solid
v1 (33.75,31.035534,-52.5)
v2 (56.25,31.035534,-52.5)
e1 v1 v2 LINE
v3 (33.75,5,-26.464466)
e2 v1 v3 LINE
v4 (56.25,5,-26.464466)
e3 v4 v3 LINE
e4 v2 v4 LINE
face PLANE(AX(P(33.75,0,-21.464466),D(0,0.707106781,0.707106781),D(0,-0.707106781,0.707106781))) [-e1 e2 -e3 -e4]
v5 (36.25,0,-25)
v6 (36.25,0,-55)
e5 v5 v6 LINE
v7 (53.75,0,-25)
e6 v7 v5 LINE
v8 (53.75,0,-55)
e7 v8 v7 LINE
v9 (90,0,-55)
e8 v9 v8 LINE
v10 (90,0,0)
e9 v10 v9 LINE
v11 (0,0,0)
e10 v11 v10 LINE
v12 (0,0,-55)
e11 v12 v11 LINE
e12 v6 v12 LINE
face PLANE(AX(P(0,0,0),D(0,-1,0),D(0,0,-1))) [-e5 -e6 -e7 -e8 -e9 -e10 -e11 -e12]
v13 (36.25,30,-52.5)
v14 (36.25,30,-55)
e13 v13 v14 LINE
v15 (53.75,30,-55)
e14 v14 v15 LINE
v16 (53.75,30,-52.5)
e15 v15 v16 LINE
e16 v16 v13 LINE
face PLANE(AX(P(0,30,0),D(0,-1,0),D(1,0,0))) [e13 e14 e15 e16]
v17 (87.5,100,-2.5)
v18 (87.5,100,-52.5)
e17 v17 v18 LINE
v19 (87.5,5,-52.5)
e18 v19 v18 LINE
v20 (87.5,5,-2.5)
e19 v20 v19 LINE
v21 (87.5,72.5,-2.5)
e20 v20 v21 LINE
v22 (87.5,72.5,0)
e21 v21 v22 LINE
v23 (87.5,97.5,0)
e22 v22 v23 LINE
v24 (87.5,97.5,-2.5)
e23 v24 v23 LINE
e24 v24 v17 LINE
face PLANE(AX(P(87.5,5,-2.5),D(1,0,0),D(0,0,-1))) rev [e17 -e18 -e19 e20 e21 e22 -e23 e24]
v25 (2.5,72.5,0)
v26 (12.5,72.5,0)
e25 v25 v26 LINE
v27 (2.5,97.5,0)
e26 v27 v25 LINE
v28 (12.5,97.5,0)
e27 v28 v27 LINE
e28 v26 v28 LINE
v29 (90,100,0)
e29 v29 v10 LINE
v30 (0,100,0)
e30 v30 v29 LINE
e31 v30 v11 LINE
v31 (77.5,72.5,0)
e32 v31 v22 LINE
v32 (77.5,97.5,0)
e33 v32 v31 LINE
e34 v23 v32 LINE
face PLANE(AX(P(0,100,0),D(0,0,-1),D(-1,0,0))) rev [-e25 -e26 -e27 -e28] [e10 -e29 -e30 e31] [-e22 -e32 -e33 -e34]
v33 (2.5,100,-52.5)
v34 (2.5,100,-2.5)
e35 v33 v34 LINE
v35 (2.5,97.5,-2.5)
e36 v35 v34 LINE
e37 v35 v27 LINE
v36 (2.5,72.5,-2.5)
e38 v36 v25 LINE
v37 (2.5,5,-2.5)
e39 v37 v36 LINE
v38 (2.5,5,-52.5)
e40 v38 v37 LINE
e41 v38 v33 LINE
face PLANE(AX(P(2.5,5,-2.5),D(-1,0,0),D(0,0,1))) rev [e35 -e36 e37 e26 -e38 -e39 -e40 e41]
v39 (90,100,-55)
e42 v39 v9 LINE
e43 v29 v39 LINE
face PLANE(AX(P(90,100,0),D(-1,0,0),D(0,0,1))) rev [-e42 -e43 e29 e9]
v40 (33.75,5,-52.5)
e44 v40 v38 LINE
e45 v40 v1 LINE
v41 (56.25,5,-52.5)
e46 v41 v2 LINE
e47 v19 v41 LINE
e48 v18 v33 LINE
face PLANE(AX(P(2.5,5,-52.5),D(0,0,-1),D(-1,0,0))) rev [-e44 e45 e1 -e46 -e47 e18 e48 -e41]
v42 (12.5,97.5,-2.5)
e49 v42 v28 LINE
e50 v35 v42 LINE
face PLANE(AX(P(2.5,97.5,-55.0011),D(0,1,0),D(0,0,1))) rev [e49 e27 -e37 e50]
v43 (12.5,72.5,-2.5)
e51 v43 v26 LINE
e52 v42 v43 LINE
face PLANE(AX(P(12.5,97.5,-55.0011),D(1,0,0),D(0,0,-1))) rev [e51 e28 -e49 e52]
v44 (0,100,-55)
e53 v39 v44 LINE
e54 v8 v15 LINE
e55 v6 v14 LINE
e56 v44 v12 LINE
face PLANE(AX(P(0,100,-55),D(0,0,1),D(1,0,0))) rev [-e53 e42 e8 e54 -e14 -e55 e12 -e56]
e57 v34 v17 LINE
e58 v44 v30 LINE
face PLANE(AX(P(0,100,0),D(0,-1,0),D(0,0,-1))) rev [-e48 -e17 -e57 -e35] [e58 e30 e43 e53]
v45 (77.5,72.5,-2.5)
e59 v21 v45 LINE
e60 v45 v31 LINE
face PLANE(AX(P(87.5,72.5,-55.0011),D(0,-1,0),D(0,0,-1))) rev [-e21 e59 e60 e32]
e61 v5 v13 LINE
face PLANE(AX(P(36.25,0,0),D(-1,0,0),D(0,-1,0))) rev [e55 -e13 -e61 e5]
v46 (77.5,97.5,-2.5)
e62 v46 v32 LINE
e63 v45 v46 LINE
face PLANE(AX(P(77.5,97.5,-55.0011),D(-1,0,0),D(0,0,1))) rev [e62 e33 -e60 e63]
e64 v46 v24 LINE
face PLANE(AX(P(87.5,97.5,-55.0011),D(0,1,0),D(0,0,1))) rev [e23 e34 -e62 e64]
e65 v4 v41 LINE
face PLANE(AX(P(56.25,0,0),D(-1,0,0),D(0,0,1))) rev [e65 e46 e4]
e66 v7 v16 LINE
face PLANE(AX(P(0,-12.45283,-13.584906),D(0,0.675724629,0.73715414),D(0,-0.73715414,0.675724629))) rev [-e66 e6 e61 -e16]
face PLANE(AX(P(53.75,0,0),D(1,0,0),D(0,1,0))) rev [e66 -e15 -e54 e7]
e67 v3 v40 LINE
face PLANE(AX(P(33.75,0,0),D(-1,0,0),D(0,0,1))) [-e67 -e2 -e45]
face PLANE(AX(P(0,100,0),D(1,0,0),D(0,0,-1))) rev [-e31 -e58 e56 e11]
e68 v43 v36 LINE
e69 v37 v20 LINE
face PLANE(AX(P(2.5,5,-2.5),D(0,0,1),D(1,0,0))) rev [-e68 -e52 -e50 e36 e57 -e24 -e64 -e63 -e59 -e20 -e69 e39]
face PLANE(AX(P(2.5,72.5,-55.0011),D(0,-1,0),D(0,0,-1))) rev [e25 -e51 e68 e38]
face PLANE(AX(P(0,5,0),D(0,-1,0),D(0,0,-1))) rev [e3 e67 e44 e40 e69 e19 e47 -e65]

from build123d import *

# Parameters (mm, degrees)
SKETCH2_W                = 90
SKETCH2_H                = 55
BOSS_EXTRUDE1_DEPTH      = 100
SKETCH3_W                = 85
SKETCH3_H                = 50
CUT_EXTRUDE1_DEPTH       = 95
BOSS_EXTRUDE4_DEPTH      = 20
BOSS_EXTRUDE4_DEPTH_BACK = 2.5
SKETCH4_W                = 17.5
SKETCH4_H                = 30
SKETCH7_W                = 17.5
SKETCH7_H                = 2.5
CUT_EXTRUDE2_REACH       = 57
SKETCH11_W               = 10
SKETCH11_H               = 25


with BuildPart() as part:
    # Sketch2 → Boss-Extrude1 (new body)
    with BuildSketch(Plane(origin=(0, 0, 0), x_dir=(1, 0, 0), z_dir=(0, 1, 0))):
        with Locations((45, 27.5)):
            Rectangle(SKETCH2_W, SKETCH2_H)
    extrude(amount=BOSS_EXTRUDE1_DEPTH)

    # Sketch3 → Cut-Extrude1 (cut)
    with BuildSketch(Plane(origin=(0, 100, 0), x_dir=(1, 0, 0), z_dir=(0, 1, 0))):
        with Locations((45, 27.5)):
            Rectangle(SKETCH3_W, SKETCH3_H)
    extrude(amount=-CUT_EXTRUDE1_DEPTH, mode=Mode.SUBTRACT)

    # Sketch10 → Boss-Extrude4 (add, two sides)
    with BuildSketch(Plane(origin=(36.25, 0, 0), x_dir=(0, 0, -1), z_dir=(1, 0, 0))) as boss_extrude4_sk:
        Polygon((55, 30), (55, 0), (25, 0), (21.464466094, 0), (55, 33.535533906), align=None)
    extrude(amount=BOSS_EXTRUDE4_DEPTH)
    extrude(boss_extrude4_sk.sketch, amount=-BOSS_EXTRUDE4_DEPTH_BACK)

    # Sketch4 → Cut-Loft4 section 0
    with BuildSketch(Plane.XZ):
        with Locations((45, -40)):
            Rectangle(SKETCH4_W, SKETCH4_H)
    # Sketch7 → Cut-Loft4 section 1
    with BuildSketch(Plane(origin=(0, 30, 0), x_dir=(-1, 0, 0), z_dir=(0, -1, 0))):
        with Locations((-45, 53.75)):
            Rectangle(SKETCH7_W, SKETCH7_H)
    loft(mode=Mode.SUBTRACT)

    # Sketch11 → Cut-Extrude2 (cut, up to next)
    with BuildSketch(Plane.XY, mode=Mode.PRIVATE) as cut_extrude2_sk1:
        with Locations((82.5, 85)):
            Rectangle(SKETCH11_W, SKETCH11_H)
    cut_extrude2_tool1 = extrude(cut_extrude2_sk1.sketch, amount=-CUT_EXTRUDE2_REACH, mode=Mode.PRIVATE) & part.part
    add(cut_extrude2_tool1.solids().sort_by_distance((82.5, 85, 0))[0], mode=Mode.SUBTRACT)
    # Sketch11 → Cut-Extrude2 (cut, up to next)
    with BuildSketch(Plane.XY, mode=Mode.PRIVATE) as cut_extrude2_sk2:
        with Locations((7.5, 85)):
            Rectangle(SKETCH11_W, SKETCH11_H)
    cut_extrude2_tool2 = extrude(cut_extrude2_sk2.sketch, amount=-CUT_EXTRUDE2_REACH, mode=Mode.PRIVATE) & part.part
    add(cut_extrude2_tool2.solids().sort_by_distance((7.5, 85, 0))[0], mode=Mode.SUBTRACT)


solid = part.part
